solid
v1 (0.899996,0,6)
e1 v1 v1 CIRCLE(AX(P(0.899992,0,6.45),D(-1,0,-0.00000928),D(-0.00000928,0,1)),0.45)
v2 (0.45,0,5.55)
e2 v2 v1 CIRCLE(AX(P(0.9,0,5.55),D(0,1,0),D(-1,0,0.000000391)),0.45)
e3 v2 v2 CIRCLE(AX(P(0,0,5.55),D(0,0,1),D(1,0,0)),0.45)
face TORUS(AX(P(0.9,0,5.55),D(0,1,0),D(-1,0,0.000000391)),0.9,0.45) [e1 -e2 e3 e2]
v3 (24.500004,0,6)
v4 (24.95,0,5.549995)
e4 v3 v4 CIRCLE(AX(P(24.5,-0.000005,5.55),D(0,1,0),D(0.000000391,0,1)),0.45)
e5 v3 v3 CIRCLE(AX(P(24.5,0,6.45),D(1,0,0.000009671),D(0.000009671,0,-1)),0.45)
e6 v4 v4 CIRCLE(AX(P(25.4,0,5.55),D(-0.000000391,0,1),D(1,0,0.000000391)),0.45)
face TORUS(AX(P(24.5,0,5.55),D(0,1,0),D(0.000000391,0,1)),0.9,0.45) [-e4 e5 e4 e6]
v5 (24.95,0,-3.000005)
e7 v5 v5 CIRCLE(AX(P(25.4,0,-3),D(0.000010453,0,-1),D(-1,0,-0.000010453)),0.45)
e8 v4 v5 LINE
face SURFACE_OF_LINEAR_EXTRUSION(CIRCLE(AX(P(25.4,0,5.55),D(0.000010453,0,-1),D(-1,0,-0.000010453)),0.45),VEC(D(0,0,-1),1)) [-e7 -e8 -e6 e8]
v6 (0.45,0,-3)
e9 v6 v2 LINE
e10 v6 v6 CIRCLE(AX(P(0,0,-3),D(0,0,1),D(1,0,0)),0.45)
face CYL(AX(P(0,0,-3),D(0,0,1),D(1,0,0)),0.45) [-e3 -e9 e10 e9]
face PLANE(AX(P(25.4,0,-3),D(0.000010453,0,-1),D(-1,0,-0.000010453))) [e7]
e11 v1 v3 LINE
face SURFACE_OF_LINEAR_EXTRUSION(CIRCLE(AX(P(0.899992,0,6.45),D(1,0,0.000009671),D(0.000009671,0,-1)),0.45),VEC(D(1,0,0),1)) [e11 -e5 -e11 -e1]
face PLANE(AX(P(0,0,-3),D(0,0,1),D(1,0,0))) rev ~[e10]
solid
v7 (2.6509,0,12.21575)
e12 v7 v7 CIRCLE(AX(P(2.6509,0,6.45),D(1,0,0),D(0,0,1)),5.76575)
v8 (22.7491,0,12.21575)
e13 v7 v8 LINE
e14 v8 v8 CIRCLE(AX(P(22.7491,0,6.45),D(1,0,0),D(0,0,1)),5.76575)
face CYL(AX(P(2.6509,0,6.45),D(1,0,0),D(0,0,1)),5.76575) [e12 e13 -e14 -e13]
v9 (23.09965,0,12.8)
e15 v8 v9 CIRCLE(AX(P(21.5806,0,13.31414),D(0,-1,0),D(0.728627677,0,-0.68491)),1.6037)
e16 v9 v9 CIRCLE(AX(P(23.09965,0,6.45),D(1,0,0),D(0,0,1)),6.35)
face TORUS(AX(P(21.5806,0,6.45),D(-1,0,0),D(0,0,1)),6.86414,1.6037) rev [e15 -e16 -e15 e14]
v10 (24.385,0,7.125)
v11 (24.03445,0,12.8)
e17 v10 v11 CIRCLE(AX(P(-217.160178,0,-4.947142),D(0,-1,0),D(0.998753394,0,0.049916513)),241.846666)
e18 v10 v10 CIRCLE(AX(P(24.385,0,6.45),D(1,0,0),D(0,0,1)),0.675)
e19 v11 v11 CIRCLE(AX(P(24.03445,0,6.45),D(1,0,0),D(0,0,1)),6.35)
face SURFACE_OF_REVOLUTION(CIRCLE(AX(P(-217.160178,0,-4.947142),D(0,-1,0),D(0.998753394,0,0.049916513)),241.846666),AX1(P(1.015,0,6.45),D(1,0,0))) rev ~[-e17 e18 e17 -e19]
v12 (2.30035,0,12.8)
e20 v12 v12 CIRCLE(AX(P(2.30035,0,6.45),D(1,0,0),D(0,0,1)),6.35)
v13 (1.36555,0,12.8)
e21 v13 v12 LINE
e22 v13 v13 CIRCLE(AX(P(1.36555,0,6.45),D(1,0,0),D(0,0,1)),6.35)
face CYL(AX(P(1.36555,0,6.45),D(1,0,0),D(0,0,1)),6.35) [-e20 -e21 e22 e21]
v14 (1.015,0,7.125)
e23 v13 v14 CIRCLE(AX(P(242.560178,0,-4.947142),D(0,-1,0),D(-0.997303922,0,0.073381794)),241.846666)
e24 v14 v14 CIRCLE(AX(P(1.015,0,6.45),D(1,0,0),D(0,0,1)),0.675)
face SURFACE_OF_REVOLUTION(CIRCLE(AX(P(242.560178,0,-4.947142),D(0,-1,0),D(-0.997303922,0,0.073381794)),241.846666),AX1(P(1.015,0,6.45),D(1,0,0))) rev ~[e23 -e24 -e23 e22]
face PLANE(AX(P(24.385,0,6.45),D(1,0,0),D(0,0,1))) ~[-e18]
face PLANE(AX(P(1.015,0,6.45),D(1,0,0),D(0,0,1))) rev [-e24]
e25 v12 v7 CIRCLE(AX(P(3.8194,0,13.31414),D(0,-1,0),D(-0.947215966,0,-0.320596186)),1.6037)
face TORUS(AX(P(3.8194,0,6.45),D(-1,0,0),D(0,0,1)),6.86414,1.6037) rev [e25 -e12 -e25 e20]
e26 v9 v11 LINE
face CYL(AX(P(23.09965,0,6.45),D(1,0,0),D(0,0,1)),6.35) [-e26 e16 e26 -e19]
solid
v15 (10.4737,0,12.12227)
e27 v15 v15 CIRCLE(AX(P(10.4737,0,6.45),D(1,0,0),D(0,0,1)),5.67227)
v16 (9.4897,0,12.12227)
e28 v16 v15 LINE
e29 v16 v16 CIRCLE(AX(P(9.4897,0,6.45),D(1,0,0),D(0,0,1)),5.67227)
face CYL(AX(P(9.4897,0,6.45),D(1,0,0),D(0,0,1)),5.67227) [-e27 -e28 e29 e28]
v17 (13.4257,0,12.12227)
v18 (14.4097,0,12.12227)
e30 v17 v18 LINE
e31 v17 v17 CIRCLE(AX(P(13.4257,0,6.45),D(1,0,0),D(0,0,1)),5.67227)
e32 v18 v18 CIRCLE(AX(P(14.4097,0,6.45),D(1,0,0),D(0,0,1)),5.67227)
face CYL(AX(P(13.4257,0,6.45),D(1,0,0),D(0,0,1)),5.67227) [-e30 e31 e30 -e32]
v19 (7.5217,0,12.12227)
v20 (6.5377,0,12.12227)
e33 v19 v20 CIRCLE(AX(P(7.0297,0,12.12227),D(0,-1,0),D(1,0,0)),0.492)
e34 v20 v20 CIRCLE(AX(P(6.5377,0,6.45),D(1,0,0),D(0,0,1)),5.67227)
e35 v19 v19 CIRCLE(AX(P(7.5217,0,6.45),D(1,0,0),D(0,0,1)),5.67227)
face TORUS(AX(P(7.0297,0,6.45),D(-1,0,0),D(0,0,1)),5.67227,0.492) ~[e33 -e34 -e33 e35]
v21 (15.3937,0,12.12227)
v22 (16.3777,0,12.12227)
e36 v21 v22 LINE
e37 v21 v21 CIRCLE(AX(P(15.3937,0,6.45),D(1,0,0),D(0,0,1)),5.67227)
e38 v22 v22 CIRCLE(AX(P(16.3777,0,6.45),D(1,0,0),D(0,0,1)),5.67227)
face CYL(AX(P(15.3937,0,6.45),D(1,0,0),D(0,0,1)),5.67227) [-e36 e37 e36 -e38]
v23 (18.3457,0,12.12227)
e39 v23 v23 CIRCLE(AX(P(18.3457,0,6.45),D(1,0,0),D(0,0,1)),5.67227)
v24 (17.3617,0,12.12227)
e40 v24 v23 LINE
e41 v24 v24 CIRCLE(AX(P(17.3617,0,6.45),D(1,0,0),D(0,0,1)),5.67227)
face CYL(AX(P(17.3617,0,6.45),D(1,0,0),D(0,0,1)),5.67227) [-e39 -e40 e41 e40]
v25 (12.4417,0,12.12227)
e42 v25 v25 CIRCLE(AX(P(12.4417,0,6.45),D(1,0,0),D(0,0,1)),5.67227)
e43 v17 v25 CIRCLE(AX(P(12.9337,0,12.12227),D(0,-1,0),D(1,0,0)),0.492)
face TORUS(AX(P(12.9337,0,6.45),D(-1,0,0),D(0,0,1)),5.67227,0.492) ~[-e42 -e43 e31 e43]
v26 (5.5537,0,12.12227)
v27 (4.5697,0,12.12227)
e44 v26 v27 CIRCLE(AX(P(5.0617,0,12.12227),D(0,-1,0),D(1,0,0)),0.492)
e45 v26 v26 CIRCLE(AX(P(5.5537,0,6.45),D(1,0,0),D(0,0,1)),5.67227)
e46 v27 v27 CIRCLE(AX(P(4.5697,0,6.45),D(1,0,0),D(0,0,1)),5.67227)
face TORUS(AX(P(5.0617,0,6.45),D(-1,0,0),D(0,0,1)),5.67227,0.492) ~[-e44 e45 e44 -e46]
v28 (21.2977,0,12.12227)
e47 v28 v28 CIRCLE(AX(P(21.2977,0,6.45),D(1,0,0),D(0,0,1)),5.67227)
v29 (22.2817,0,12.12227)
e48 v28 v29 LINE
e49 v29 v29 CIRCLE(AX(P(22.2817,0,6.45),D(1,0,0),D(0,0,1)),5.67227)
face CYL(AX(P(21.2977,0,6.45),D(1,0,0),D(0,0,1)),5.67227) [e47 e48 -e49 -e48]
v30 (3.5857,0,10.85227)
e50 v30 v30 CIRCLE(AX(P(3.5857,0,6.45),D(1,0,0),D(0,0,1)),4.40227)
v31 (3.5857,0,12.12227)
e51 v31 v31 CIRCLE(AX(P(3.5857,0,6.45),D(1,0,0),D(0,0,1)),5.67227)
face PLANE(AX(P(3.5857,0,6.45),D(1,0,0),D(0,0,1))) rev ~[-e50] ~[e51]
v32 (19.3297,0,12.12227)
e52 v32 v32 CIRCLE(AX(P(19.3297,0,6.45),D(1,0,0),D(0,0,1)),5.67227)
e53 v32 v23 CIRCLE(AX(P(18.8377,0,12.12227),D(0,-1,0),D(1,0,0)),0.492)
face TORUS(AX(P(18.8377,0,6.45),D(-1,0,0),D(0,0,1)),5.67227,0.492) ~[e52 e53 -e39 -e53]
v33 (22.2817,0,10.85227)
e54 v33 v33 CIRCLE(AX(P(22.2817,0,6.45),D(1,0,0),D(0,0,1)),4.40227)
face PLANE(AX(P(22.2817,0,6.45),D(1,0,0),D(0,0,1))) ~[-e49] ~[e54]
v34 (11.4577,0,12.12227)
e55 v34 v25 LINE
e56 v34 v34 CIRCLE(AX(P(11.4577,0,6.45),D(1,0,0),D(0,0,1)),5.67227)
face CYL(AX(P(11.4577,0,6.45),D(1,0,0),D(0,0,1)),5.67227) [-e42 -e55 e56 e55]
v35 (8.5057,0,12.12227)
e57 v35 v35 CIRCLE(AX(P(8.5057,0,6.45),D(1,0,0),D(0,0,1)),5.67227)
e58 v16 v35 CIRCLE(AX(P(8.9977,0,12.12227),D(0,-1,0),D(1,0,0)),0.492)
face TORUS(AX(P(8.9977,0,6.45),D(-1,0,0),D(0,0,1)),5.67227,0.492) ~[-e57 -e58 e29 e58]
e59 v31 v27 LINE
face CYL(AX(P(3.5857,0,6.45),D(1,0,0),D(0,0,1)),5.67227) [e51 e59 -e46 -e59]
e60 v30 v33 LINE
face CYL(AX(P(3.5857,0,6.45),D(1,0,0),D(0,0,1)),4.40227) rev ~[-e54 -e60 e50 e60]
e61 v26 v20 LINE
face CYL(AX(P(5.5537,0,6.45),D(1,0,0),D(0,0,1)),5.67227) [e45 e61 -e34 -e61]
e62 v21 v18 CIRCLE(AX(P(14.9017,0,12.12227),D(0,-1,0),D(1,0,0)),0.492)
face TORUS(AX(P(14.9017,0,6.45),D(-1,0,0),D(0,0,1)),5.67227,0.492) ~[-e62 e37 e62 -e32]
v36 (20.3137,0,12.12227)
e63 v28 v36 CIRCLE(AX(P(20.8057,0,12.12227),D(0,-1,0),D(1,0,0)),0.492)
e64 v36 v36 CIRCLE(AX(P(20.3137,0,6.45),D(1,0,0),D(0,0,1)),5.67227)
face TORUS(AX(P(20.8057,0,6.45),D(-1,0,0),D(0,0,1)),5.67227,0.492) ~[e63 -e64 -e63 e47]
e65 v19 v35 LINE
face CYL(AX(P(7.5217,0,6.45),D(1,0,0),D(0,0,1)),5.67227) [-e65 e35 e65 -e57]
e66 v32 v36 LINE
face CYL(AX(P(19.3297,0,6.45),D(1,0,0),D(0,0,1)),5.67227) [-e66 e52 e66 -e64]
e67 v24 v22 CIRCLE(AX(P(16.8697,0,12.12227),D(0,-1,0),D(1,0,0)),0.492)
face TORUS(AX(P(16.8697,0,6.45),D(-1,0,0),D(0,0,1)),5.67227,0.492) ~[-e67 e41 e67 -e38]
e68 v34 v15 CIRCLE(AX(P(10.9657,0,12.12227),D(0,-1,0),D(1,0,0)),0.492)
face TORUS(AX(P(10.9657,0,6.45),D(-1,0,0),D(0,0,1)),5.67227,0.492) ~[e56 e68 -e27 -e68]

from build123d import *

# Parameters (mm, degrees)
SKETCH_R = 0.45


with BuildPart() as revolution:
    # Sketch002 → Revolution (revolve)
    with BuildSketch(Plane.XZ):
        with BuildLine():
            Line((1.36555, 12.8), (2.30035, 12.8))
            ThreePointArc((2.30035, 12.8), (2.444239, 12.489043), (2.6509, 12.21575))
            Line((2.6509, 12.21575), (22.7491, 12.21575))
            ThreePointArc((22.7491, 12.21575), (22.955761, 12.489043), (23.09965, 12.8))
            Line((23.09965, 12.8), (24.03445, 12.8))
            ThreePointArc((24.385, 7.125), (24.226403, 9.96353), (24.03445, 12.8))
            Line((24.385, 6.45), (24.385, 7.125))
            Line((1.015, 6.45), (24.385, 6.45))
            Line((1.015, 6.45), (1.015, 7.125))
            ThreePointArc((1.36555, 12.8), (1.173597, 9.96353), (1.015, 7.125))
        make_face()
    revolve(axis=Axis((1.015, 0, 6.45), (1, 0, 0)))


with BuildPart() as sweep_body:
    # Sweep: sweep along a path in Sketch001
    with BuildLine(Plane.XZ) as sweep_path:
        Line((0, -3), (0, 5.55))
        ThreePointArc((0, 5.55), (0.263601, 6.186393), (0.899992, 6.45))
        Line((0.899992, 6.45), (24.5, 6.45))
        ThreePointArc((24.5, 6.45), (25.136396, 6.186396), (25.4, 5.55))
        Line((25.4, 5.55), (25.4, -3))
    # Sketch → Sweep (sweep)
    with BuildSketch(Plane.XY.offset(-2)):
        Circle(SKETCH_R)
    sweep(path=sweep_path.line)


with BuildPart() as revolution001:
    # Sketch003 → Revolution001 (revolve)
    with BuildSketch(Plane.XZ):
        with BuildLine():
            ThreePointArc((5.5537, 12.12227), (5.0617, 12.61427), (4.5697, 12.12227))
            Line((3.5857, 12.12227), (4.5697, 12.12227))
            Line((3.5857, 12.12227), (3.5857, 10.85227))
            Line((3.5857, 10.85227), (22.2817, 10.85227))
            Line((22.2817, 10.85227), (22.2817, 12.12227))
            Line((21.2977, 12.12227), (22.2817, 12.12227))
            ThreePointArc((21.2977, 12.12227), (20.8057, 12.61427), (20.3137, 12.12227))
            Line((19.3297, 12.12227), (20.3137, 12.12227))
            ThreePointArc((19.3297, 12.12227), (18.8377, 12.61427), (18.3457, 12.12227))
            Line((17.3617, 12.12227), (18.3457, 12.12227))
            ThreePointArc((17.3617, 12.12227), (16.8697, 12.61427), (16.3777, 12.12227))
            Line((15.3937, 12.12227), (16.3777, 12.12227))
            ThreePointArc((15.3937, 12.12227), (14.9017, 12.61427), (14.4097, 12.12227))
            Line((13.4257, 12.12227), (14.4097, 12.12227))
            ThreePointArc((13.4257, 12.12227), (12.9337, 12.61427), (12.4417, 12.12227))
            Line((11.4577, 12.12227), (12.4417, 12.12227))
            ThreePointArc((11.4577, 12.12227), (10.9657, 12.61427), (10.4737, 12.12227))
            Line((9.4897, 12.12227), (10.4737, 12.12227))
            ThreePointArc((9.4897, 12.12227), (8.9977, 12.61427), (8.5057, 12.12227))
            Line((7.5217, 12.12227), (8.5057, 12.12227))
            ThreePointArc((7.5217, 12.12227), (7.0297, 12.61427), (6.5377, 12.12227))
            Line((5.5537, 12.12227), (6.5377, 12.12227))
        make_face()
    revolve(axis=Axis((1.59925, 0, 6.45), (1, 0, 0)))


solid = Compound([revolution.part, sweep_body.part, revolution001.part])
